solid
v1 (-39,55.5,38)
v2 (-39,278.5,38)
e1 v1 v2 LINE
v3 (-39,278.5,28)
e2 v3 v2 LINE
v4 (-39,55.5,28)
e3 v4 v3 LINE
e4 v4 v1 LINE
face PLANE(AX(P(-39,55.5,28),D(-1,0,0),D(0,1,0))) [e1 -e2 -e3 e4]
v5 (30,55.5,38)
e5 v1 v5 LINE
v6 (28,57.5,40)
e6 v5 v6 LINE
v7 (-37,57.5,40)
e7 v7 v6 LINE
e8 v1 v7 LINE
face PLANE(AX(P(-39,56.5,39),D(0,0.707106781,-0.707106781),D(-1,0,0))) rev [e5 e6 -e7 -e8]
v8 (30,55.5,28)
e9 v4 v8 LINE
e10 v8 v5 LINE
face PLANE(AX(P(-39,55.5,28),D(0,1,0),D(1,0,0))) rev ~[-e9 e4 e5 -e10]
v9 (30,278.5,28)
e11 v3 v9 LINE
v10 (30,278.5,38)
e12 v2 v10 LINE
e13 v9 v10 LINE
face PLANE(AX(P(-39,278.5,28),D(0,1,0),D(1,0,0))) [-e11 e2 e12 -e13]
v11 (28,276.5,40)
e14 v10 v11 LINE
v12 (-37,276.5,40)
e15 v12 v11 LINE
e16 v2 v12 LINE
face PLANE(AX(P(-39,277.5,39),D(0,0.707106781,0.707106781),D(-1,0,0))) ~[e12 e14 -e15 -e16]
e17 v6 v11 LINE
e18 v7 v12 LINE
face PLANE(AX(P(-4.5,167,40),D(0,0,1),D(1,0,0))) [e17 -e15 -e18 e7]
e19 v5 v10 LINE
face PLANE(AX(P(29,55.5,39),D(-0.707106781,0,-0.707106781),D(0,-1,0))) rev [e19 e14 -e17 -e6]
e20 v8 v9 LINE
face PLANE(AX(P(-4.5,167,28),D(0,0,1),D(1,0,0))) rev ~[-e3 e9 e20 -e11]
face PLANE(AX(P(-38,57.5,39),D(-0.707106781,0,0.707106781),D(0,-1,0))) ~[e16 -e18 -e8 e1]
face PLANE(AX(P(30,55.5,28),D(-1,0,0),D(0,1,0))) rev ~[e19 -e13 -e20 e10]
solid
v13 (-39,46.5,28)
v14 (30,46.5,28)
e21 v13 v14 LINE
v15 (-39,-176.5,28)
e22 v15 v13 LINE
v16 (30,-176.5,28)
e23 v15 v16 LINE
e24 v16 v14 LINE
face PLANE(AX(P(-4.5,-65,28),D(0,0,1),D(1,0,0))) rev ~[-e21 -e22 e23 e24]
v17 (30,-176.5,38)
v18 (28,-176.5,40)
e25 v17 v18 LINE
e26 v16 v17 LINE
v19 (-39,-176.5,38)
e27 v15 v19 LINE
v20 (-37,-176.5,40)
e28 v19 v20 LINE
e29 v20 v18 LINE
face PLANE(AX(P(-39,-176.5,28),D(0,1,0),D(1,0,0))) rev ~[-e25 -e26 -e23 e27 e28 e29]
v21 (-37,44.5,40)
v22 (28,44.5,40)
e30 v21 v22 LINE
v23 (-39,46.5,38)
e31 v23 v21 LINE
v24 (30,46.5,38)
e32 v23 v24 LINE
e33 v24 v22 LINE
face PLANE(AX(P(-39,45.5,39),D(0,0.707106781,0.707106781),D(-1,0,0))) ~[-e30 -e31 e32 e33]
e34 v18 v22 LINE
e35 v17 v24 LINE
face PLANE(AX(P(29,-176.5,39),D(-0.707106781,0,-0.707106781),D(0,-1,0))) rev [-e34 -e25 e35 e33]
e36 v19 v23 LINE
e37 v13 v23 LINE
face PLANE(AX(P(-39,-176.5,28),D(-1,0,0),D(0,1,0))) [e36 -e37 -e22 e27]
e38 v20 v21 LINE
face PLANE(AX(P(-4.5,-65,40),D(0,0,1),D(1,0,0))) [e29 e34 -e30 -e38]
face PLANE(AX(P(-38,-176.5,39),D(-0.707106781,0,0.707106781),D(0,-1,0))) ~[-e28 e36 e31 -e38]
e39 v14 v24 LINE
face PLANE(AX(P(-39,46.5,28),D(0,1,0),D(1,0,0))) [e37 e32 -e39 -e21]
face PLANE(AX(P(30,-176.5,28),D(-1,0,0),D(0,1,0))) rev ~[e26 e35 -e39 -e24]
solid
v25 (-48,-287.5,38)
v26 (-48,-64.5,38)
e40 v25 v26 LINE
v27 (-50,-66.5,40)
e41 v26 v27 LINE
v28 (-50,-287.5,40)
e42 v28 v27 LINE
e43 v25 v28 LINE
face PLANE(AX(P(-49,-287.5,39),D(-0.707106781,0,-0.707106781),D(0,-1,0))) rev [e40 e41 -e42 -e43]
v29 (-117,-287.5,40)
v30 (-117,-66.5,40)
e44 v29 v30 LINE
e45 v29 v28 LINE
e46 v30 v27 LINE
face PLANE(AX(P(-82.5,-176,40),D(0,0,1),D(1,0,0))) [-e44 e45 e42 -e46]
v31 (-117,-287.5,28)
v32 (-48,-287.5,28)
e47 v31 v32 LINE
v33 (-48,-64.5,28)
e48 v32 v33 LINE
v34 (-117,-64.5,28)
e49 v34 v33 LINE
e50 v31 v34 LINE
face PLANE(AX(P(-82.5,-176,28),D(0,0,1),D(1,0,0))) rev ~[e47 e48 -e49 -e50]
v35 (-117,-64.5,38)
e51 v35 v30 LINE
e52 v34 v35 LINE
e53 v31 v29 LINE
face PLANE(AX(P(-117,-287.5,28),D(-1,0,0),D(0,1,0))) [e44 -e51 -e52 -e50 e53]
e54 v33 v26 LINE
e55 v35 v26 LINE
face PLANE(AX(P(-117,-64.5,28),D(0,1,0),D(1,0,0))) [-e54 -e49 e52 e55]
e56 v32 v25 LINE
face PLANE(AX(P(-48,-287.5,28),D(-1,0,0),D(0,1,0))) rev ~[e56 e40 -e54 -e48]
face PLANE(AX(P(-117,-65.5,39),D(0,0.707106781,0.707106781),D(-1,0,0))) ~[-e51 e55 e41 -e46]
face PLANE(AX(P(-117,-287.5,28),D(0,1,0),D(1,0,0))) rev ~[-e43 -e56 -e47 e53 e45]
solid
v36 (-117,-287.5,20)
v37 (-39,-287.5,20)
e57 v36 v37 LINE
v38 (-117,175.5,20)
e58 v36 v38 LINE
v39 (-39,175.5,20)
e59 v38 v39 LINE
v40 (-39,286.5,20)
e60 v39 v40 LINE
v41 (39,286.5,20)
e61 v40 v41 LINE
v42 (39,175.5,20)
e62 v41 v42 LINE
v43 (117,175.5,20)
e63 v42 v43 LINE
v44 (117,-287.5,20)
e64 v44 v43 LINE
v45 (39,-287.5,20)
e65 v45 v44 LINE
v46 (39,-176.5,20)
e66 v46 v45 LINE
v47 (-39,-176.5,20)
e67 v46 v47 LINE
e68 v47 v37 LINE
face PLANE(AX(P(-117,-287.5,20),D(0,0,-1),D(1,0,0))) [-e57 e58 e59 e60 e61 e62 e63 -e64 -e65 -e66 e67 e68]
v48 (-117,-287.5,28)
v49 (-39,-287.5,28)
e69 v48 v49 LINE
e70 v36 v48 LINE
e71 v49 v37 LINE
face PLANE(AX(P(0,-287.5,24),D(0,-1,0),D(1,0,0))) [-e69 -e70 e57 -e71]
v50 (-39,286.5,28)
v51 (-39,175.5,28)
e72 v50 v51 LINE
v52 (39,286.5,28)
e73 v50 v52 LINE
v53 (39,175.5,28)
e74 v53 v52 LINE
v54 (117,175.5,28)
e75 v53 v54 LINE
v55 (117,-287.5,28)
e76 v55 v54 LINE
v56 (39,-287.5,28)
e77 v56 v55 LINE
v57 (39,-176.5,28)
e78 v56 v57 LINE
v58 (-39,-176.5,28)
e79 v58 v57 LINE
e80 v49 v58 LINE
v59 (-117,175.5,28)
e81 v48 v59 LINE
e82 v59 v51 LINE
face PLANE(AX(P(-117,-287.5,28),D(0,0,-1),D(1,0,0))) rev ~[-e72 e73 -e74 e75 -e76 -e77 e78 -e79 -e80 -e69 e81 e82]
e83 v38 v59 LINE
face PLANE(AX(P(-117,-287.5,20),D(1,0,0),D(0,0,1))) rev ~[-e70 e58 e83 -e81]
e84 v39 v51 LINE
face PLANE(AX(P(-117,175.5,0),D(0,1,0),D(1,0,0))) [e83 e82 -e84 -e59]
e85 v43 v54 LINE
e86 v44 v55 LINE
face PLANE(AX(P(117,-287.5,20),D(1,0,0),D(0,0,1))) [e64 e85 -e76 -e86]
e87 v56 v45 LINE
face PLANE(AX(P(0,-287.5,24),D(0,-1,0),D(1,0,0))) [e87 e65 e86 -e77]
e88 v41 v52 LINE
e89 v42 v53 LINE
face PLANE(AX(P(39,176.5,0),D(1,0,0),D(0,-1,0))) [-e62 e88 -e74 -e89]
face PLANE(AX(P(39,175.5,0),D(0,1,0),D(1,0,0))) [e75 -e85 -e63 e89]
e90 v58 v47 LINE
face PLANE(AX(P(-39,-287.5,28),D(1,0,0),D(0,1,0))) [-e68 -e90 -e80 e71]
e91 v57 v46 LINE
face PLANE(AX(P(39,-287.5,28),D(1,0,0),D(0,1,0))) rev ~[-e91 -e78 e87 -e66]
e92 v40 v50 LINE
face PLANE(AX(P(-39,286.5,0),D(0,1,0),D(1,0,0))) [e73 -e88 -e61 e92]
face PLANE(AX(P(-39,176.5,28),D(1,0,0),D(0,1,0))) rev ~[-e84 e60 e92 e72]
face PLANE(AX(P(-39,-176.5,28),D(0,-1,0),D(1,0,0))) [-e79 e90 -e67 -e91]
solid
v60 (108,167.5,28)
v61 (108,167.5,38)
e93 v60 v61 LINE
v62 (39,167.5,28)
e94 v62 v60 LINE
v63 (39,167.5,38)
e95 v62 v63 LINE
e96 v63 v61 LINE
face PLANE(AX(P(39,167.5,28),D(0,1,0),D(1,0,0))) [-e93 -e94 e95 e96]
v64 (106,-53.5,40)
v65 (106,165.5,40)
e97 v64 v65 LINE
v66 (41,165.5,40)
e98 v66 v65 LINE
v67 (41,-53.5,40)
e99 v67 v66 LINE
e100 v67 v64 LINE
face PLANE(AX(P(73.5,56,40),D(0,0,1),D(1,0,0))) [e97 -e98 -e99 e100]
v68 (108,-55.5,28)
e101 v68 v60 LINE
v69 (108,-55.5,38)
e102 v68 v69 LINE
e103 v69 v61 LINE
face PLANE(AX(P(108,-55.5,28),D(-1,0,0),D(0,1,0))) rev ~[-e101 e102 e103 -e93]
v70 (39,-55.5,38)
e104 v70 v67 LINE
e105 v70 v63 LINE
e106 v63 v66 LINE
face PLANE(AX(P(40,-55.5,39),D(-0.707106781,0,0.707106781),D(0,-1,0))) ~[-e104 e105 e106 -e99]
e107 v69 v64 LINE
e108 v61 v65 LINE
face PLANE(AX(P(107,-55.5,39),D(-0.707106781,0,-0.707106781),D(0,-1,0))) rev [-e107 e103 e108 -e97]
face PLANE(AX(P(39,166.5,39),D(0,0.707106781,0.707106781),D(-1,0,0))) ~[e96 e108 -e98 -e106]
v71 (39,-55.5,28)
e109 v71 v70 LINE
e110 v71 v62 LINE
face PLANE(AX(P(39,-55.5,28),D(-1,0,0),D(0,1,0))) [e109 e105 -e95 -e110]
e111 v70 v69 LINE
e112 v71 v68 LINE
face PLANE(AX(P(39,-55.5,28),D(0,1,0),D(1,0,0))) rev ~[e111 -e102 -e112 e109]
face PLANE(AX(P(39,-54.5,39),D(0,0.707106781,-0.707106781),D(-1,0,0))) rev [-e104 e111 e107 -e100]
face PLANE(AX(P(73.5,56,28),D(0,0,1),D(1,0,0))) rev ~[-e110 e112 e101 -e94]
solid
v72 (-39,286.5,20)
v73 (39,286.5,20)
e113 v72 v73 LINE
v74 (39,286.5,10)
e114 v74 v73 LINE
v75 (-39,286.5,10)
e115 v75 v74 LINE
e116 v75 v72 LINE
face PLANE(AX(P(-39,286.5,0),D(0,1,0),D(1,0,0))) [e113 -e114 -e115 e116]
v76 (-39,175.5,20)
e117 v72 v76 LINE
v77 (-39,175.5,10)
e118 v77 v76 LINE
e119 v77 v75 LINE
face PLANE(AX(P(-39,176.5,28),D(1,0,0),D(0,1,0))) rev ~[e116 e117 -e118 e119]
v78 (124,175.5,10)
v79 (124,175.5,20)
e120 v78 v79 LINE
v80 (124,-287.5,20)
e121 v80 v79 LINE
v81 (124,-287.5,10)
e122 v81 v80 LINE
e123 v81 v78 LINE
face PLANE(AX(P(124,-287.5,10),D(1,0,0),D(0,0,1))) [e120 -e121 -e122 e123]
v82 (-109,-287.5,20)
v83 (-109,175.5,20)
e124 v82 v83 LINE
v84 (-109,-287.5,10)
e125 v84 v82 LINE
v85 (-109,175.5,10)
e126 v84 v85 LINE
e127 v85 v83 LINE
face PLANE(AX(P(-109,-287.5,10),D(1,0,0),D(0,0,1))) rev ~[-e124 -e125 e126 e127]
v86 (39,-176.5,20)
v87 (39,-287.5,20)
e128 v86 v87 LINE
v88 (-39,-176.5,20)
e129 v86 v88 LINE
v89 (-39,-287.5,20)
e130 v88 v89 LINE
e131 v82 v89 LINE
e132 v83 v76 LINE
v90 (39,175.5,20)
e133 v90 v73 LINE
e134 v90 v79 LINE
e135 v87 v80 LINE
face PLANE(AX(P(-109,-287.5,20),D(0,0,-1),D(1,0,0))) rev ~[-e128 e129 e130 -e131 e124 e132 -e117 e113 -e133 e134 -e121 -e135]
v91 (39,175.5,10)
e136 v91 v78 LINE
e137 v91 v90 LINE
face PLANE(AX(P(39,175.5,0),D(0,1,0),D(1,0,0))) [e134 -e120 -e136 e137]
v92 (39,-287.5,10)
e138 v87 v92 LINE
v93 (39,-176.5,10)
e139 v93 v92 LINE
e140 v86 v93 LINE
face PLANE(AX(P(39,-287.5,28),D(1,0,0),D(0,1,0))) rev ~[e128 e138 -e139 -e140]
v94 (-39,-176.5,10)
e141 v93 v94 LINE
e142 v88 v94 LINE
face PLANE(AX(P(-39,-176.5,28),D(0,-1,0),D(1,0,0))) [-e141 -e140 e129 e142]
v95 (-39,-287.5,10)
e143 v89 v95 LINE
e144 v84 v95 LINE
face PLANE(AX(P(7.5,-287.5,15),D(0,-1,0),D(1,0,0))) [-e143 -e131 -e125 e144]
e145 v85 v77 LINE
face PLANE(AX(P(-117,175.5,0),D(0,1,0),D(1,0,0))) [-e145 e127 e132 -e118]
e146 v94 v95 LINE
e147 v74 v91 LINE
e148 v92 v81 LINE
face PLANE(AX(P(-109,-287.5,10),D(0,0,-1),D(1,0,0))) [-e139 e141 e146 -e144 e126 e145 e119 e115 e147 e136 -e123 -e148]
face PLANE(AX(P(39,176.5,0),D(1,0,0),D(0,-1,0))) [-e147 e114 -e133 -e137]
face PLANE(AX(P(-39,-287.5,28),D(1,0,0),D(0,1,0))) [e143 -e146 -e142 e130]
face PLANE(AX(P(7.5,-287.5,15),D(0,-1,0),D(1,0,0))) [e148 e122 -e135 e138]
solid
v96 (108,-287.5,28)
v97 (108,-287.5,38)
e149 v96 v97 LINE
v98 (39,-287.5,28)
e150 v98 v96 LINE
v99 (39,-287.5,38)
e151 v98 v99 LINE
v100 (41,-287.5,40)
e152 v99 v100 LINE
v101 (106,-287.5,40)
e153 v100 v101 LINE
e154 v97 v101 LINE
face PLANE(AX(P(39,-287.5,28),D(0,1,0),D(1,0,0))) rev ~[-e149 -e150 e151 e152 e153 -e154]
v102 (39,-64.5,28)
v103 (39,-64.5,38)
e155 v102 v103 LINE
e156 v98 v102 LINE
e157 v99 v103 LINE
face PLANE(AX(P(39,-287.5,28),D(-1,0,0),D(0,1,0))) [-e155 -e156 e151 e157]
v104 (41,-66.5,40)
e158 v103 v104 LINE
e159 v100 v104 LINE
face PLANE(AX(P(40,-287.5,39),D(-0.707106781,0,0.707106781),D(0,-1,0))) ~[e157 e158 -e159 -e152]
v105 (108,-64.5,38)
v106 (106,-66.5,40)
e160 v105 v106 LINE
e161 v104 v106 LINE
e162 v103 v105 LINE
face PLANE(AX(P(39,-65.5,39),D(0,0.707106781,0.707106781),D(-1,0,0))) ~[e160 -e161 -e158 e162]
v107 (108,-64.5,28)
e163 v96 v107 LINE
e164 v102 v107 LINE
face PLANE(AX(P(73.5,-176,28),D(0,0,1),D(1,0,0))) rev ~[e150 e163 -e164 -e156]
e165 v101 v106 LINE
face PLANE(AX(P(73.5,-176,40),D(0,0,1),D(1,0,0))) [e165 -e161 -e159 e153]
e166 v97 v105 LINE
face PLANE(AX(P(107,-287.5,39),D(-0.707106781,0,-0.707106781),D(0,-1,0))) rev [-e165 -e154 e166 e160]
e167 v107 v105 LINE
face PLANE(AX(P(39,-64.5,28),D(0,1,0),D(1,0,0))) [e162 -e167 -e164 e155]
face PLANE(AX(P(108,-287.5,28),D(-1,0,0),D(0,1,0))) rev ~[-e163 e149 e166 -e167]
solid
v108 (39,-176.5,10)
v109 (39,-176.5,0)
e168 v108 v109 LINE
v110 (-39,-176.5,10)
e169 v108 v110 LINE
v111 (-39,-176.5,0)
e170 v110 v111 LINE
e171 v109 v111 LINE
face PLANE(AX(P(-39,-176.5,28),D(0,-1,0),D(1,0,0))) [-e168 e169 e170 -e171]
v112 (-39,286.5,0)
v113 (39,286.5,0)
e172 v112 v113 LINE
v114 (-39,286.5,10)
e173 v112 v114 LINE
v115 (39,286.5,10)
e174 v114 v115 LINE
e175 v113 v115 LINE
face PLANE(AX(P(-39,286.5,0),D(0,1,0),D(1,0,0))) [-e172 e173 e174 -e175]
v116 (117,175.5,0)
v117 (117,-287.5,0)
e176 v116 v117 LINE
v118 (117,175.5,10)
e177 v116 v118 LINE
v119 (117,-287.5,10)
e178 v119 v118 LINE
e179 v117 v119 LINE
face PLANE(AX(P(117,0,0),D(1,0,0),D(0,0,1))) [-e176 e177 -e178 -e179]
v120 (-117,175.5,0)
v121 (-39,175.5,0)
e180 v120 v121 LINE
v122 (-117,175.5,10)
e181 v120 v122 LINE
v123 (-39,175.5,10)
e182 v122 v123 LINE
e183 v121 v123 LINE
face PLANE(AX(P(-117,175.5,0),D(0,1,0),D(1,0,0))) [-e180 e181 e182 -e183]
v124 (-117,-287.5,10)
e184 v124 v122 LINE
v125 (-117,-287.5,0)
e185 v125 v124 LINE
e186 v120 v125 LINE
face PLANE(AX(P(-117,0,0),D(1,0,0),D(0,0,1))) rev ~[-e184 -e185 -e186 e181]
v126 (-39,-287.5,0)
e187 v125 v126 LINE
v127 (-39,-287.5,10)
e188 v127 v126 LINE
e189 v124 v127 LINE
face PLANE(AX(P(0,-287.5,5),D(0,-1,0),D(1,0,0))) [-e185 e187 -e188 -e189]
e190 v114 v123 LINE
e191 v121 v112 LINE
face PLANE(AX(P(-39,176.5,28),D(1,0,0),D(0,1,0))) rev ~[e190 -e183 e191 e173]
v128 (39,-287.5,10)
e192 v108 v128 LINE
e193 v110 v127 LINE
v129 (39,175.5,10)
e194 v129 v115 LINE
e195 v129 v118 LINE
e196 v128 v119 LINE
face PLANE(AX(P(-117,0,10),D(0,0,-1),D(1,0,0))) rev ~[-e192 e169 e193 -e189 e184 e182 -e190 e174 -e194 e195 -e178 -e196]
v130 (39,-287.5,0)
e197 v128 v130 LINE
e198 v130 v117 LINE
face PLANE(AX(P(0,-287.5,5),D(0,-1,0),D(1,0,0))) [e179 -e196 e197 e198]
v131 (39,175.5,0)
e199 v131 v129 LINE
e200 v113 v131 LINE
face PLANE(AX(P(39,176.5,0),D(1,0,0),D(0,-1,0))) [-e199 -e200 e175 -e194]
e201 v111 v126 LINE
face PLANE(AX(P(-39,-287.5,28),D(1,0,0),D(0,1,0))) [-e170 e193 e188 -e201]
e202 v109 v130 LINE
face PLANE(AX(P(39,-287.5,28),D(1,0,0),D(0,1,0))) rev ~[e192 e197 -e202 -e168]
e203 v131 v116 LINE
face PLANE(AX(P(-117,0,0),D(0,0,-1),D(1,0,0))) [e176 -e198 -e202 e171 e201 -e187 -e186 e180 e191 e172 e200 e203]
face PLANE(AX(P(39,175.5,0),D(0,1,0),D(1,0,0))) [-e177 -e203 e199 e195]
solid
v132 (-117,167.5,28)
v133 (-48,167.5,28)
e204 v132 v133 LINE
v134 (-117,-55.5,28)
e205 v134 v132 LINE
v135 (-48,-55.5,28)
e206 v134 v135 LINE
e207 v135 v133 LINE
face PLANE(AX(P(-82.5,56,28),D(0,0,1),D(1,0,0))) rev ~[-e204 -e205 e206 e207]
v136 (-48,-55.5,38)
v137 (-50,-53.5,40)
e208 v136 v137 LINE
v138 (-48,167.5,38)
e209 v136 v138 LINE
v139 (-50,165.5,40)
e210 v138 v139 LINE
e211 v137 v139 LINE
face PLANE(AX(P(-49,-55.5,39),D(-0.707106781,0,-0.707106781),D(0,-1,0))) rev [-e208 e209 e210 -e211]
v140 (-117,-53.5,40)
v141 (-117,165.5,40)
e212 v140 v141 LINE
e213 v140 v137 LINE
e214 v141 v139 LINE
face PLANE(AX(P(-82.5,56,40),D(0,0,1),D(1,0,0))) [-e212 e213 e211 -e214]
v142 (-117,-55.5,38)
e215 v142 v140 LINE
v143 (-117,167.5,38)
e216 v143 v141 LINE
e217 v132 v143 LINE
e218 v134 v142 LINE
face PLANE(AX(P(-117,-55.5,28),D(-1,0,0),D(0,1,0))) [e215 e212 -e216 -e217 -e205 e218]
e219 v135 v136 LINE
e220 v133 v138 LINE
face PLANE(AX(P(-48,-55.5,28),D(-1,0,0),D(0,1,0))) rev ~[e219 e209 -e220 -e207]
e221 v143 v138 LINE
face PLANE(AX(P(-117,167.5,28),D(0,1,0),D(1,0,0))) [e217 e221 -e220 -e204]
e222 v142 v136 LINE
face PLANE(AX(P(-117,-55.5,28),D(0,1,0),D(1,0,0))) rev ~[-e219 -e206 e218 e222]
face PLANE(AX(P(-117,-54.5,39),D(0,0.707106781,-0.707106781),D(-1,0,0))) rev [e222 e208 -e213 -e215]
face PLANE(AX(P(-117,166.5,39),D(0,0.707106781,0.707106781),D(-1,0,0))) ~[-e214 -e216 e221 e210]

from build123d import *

# Parameters (mm, degrees)
F0_W          = 234
F0_H          = 10
F1_DEPTH      = 287.5
F1_DEPTH_BACK = 287.5
F2_W          = 233
F2_H          = 10
F3_DEPTH      = 575
F4_W          = 234
F4_H          = 8
F5_DEPTH      = 575
F6_W          = 78
F6_H          = 111
F6_W_2        = 85
F7_DEPTH      = 28.001
F8_W          = 69
F8_H          = 223
F9_DEPTH      = 12
F10_SIZE      = 2
F11_SIZE      = 2
F12_W         = 78
F12_H         = 1
F12_W_2       = 85
F13_DEPTH     = 40.001


with BuildPart() as f1:
    # F0 (on Front) → F1 (new body, two sides)
    with BuildSketch(Plane.XZ) as f1_sk:
        with Locations((0, 5)):
            Rectangle(F0_W, F0_H)
    extrude(amount=F1_DEPTH)
    extrude(f1_sk.sketch, amount=-F1_DEPTH_BACK)


with BuildPart() as f3:
    # F2 (on face) → F3 (new body, through all)
    with BuildSketch(Plane.XZ.offset(287.5)):
        with Locations((7.5, 15)):
            Rectangle(F2_W, F2_H)
    extrude(amount=-F3_DEPTH)


with BuildPart() as f5:
    # F4 (on face) → F5 (new body, through all)
    with BuildSketch(Plane.XZ.offset(287.5)):
        with Locations((0, 24)):
            Rectangle(F4_W, F4_H)
    extrude(amount=-F5_DEPTH)


with BuildPart() as f7_tool:
    # F6 (on face) → F7 (new body, through all)
    with BuildSketch(Plane.XY.offset(28)):
        with Locations((0, -232)):
            Rectangle(F6_W, F6_H)
        with Locations((-78, 232)):
            Rectangle(F6_W, F6_H)
        with Locations((81.5, 232)):
            Rectangle(F6_W_2, F6_H)
    extrude(amount=-F7_DEPTH)


with BuildPart() as f1_1:
    add(f1.part)

    # F7: cut by f7_tool
    add(f7_tool.part, mode=Mode.SUBTRACT)


with BuildPart() as f3_1:
    add(f3.part)

    # F7: cut by f7_tool
    add(f7_tool.part, mode=Mode.SUBTRACT)


with BuildPart() as f5_1:
    add(f5.part)

    # F7: cut by f7_tool
    add(f7_tool.part, mode=Mode.SUBTRACT)


with BuildPart() as f9:
    # F8 (on face) → F9 (new body)
    with BuildSketch(Plane.XY.offset(28)):
        with Locations((-82.5, -176)):
            Rectangle(F8_W, F8_H)
        with Locations((-82.5, 56)):
            Rectangle(F8_W, F8_H)
        with Locations((73.5, -176)):
            Rectangle(F8_W, F8_H)
        with Locations((73.5, 56)):
            Rectangle(F8_W, F8_H)
        with Locations((-4.5, -65)):
            Rectangle(F8_W, F8_H)
        with Locations((-4.5, 167)):
            Rectangle(F8_W, F8_H)
    extrude(amount=F9_DEPTH)

    # F10
    f10_edges = [f9.edges().sort_by_distance(p)[0] for p in [
        (-4.5, 278.5, 40),
        (30, 167, 40),
        (-48, 56, 40),
        (-82.5, 167.5, 40),
        (-82.5, -55.5, 40),
        (-82.5, -64.5, 40),
        (-48, -176, 40),
        (-4.5, 55.5, 40),
        (-4.5, 46.5, 40),
        (-39, -65, 40),
        (30, -65, 40),
        (39, 56, 40),
        (73.5, -55.5, 40),
        (108, 56, 40),
        (73.5, 167.5, 40),
        (73.5, -64.5, 40),
        (108, -176, 40),
    ]]
    chamfer(f10_edges, length=F10_SIZE)

    # F11
    f11_edges = [f9.edges().sort_by_distance(p)[0] for p in [
        (-39, 167, 40),
        (39, -177, 40),
    ]]
    chamfer(f11_edges, length=F11_SIZE)


with BuildPart() as f13_tool:
    # F12 (on face) → F13 (new body, through all)
    with BuildSketch(Plane(origin=(0, 0, 0), x_dir=(1, 0, 0), z_dir=(0, 0, -1))):
        with Locations((-78, -176)):
            Rectangle(F12_W, F12_H)
        with Locations((0, -287)):
            Rectangle(F12_W, F12_H)
        with Locations((81.5, -176)):
            Rectangle(F12_W_2, F12_H)
    extrude(amount=-F13_DEPTH)


with BuildPart() as f1_2:
    add(f1_1.part)

    # F13: cut by f13_tool
    add(f13_tool.part, mode=Mode.SUBTRACT)


with BuildPart() as f3_2:
    add(f3_1.part)

    # F13: cut by f13_tool
    add(f13_tool.part, mode=Mode.SUBTRACT)


with BuildPart() as f5_2:
    add(f5_1.part)

    # F13: cut by f13_tool
    add(f13_tool.part, mode=Mode.SUBTRACT)


solid = Compound([f9.part, f1_2.part, f3_2.part, f5_2.part])
